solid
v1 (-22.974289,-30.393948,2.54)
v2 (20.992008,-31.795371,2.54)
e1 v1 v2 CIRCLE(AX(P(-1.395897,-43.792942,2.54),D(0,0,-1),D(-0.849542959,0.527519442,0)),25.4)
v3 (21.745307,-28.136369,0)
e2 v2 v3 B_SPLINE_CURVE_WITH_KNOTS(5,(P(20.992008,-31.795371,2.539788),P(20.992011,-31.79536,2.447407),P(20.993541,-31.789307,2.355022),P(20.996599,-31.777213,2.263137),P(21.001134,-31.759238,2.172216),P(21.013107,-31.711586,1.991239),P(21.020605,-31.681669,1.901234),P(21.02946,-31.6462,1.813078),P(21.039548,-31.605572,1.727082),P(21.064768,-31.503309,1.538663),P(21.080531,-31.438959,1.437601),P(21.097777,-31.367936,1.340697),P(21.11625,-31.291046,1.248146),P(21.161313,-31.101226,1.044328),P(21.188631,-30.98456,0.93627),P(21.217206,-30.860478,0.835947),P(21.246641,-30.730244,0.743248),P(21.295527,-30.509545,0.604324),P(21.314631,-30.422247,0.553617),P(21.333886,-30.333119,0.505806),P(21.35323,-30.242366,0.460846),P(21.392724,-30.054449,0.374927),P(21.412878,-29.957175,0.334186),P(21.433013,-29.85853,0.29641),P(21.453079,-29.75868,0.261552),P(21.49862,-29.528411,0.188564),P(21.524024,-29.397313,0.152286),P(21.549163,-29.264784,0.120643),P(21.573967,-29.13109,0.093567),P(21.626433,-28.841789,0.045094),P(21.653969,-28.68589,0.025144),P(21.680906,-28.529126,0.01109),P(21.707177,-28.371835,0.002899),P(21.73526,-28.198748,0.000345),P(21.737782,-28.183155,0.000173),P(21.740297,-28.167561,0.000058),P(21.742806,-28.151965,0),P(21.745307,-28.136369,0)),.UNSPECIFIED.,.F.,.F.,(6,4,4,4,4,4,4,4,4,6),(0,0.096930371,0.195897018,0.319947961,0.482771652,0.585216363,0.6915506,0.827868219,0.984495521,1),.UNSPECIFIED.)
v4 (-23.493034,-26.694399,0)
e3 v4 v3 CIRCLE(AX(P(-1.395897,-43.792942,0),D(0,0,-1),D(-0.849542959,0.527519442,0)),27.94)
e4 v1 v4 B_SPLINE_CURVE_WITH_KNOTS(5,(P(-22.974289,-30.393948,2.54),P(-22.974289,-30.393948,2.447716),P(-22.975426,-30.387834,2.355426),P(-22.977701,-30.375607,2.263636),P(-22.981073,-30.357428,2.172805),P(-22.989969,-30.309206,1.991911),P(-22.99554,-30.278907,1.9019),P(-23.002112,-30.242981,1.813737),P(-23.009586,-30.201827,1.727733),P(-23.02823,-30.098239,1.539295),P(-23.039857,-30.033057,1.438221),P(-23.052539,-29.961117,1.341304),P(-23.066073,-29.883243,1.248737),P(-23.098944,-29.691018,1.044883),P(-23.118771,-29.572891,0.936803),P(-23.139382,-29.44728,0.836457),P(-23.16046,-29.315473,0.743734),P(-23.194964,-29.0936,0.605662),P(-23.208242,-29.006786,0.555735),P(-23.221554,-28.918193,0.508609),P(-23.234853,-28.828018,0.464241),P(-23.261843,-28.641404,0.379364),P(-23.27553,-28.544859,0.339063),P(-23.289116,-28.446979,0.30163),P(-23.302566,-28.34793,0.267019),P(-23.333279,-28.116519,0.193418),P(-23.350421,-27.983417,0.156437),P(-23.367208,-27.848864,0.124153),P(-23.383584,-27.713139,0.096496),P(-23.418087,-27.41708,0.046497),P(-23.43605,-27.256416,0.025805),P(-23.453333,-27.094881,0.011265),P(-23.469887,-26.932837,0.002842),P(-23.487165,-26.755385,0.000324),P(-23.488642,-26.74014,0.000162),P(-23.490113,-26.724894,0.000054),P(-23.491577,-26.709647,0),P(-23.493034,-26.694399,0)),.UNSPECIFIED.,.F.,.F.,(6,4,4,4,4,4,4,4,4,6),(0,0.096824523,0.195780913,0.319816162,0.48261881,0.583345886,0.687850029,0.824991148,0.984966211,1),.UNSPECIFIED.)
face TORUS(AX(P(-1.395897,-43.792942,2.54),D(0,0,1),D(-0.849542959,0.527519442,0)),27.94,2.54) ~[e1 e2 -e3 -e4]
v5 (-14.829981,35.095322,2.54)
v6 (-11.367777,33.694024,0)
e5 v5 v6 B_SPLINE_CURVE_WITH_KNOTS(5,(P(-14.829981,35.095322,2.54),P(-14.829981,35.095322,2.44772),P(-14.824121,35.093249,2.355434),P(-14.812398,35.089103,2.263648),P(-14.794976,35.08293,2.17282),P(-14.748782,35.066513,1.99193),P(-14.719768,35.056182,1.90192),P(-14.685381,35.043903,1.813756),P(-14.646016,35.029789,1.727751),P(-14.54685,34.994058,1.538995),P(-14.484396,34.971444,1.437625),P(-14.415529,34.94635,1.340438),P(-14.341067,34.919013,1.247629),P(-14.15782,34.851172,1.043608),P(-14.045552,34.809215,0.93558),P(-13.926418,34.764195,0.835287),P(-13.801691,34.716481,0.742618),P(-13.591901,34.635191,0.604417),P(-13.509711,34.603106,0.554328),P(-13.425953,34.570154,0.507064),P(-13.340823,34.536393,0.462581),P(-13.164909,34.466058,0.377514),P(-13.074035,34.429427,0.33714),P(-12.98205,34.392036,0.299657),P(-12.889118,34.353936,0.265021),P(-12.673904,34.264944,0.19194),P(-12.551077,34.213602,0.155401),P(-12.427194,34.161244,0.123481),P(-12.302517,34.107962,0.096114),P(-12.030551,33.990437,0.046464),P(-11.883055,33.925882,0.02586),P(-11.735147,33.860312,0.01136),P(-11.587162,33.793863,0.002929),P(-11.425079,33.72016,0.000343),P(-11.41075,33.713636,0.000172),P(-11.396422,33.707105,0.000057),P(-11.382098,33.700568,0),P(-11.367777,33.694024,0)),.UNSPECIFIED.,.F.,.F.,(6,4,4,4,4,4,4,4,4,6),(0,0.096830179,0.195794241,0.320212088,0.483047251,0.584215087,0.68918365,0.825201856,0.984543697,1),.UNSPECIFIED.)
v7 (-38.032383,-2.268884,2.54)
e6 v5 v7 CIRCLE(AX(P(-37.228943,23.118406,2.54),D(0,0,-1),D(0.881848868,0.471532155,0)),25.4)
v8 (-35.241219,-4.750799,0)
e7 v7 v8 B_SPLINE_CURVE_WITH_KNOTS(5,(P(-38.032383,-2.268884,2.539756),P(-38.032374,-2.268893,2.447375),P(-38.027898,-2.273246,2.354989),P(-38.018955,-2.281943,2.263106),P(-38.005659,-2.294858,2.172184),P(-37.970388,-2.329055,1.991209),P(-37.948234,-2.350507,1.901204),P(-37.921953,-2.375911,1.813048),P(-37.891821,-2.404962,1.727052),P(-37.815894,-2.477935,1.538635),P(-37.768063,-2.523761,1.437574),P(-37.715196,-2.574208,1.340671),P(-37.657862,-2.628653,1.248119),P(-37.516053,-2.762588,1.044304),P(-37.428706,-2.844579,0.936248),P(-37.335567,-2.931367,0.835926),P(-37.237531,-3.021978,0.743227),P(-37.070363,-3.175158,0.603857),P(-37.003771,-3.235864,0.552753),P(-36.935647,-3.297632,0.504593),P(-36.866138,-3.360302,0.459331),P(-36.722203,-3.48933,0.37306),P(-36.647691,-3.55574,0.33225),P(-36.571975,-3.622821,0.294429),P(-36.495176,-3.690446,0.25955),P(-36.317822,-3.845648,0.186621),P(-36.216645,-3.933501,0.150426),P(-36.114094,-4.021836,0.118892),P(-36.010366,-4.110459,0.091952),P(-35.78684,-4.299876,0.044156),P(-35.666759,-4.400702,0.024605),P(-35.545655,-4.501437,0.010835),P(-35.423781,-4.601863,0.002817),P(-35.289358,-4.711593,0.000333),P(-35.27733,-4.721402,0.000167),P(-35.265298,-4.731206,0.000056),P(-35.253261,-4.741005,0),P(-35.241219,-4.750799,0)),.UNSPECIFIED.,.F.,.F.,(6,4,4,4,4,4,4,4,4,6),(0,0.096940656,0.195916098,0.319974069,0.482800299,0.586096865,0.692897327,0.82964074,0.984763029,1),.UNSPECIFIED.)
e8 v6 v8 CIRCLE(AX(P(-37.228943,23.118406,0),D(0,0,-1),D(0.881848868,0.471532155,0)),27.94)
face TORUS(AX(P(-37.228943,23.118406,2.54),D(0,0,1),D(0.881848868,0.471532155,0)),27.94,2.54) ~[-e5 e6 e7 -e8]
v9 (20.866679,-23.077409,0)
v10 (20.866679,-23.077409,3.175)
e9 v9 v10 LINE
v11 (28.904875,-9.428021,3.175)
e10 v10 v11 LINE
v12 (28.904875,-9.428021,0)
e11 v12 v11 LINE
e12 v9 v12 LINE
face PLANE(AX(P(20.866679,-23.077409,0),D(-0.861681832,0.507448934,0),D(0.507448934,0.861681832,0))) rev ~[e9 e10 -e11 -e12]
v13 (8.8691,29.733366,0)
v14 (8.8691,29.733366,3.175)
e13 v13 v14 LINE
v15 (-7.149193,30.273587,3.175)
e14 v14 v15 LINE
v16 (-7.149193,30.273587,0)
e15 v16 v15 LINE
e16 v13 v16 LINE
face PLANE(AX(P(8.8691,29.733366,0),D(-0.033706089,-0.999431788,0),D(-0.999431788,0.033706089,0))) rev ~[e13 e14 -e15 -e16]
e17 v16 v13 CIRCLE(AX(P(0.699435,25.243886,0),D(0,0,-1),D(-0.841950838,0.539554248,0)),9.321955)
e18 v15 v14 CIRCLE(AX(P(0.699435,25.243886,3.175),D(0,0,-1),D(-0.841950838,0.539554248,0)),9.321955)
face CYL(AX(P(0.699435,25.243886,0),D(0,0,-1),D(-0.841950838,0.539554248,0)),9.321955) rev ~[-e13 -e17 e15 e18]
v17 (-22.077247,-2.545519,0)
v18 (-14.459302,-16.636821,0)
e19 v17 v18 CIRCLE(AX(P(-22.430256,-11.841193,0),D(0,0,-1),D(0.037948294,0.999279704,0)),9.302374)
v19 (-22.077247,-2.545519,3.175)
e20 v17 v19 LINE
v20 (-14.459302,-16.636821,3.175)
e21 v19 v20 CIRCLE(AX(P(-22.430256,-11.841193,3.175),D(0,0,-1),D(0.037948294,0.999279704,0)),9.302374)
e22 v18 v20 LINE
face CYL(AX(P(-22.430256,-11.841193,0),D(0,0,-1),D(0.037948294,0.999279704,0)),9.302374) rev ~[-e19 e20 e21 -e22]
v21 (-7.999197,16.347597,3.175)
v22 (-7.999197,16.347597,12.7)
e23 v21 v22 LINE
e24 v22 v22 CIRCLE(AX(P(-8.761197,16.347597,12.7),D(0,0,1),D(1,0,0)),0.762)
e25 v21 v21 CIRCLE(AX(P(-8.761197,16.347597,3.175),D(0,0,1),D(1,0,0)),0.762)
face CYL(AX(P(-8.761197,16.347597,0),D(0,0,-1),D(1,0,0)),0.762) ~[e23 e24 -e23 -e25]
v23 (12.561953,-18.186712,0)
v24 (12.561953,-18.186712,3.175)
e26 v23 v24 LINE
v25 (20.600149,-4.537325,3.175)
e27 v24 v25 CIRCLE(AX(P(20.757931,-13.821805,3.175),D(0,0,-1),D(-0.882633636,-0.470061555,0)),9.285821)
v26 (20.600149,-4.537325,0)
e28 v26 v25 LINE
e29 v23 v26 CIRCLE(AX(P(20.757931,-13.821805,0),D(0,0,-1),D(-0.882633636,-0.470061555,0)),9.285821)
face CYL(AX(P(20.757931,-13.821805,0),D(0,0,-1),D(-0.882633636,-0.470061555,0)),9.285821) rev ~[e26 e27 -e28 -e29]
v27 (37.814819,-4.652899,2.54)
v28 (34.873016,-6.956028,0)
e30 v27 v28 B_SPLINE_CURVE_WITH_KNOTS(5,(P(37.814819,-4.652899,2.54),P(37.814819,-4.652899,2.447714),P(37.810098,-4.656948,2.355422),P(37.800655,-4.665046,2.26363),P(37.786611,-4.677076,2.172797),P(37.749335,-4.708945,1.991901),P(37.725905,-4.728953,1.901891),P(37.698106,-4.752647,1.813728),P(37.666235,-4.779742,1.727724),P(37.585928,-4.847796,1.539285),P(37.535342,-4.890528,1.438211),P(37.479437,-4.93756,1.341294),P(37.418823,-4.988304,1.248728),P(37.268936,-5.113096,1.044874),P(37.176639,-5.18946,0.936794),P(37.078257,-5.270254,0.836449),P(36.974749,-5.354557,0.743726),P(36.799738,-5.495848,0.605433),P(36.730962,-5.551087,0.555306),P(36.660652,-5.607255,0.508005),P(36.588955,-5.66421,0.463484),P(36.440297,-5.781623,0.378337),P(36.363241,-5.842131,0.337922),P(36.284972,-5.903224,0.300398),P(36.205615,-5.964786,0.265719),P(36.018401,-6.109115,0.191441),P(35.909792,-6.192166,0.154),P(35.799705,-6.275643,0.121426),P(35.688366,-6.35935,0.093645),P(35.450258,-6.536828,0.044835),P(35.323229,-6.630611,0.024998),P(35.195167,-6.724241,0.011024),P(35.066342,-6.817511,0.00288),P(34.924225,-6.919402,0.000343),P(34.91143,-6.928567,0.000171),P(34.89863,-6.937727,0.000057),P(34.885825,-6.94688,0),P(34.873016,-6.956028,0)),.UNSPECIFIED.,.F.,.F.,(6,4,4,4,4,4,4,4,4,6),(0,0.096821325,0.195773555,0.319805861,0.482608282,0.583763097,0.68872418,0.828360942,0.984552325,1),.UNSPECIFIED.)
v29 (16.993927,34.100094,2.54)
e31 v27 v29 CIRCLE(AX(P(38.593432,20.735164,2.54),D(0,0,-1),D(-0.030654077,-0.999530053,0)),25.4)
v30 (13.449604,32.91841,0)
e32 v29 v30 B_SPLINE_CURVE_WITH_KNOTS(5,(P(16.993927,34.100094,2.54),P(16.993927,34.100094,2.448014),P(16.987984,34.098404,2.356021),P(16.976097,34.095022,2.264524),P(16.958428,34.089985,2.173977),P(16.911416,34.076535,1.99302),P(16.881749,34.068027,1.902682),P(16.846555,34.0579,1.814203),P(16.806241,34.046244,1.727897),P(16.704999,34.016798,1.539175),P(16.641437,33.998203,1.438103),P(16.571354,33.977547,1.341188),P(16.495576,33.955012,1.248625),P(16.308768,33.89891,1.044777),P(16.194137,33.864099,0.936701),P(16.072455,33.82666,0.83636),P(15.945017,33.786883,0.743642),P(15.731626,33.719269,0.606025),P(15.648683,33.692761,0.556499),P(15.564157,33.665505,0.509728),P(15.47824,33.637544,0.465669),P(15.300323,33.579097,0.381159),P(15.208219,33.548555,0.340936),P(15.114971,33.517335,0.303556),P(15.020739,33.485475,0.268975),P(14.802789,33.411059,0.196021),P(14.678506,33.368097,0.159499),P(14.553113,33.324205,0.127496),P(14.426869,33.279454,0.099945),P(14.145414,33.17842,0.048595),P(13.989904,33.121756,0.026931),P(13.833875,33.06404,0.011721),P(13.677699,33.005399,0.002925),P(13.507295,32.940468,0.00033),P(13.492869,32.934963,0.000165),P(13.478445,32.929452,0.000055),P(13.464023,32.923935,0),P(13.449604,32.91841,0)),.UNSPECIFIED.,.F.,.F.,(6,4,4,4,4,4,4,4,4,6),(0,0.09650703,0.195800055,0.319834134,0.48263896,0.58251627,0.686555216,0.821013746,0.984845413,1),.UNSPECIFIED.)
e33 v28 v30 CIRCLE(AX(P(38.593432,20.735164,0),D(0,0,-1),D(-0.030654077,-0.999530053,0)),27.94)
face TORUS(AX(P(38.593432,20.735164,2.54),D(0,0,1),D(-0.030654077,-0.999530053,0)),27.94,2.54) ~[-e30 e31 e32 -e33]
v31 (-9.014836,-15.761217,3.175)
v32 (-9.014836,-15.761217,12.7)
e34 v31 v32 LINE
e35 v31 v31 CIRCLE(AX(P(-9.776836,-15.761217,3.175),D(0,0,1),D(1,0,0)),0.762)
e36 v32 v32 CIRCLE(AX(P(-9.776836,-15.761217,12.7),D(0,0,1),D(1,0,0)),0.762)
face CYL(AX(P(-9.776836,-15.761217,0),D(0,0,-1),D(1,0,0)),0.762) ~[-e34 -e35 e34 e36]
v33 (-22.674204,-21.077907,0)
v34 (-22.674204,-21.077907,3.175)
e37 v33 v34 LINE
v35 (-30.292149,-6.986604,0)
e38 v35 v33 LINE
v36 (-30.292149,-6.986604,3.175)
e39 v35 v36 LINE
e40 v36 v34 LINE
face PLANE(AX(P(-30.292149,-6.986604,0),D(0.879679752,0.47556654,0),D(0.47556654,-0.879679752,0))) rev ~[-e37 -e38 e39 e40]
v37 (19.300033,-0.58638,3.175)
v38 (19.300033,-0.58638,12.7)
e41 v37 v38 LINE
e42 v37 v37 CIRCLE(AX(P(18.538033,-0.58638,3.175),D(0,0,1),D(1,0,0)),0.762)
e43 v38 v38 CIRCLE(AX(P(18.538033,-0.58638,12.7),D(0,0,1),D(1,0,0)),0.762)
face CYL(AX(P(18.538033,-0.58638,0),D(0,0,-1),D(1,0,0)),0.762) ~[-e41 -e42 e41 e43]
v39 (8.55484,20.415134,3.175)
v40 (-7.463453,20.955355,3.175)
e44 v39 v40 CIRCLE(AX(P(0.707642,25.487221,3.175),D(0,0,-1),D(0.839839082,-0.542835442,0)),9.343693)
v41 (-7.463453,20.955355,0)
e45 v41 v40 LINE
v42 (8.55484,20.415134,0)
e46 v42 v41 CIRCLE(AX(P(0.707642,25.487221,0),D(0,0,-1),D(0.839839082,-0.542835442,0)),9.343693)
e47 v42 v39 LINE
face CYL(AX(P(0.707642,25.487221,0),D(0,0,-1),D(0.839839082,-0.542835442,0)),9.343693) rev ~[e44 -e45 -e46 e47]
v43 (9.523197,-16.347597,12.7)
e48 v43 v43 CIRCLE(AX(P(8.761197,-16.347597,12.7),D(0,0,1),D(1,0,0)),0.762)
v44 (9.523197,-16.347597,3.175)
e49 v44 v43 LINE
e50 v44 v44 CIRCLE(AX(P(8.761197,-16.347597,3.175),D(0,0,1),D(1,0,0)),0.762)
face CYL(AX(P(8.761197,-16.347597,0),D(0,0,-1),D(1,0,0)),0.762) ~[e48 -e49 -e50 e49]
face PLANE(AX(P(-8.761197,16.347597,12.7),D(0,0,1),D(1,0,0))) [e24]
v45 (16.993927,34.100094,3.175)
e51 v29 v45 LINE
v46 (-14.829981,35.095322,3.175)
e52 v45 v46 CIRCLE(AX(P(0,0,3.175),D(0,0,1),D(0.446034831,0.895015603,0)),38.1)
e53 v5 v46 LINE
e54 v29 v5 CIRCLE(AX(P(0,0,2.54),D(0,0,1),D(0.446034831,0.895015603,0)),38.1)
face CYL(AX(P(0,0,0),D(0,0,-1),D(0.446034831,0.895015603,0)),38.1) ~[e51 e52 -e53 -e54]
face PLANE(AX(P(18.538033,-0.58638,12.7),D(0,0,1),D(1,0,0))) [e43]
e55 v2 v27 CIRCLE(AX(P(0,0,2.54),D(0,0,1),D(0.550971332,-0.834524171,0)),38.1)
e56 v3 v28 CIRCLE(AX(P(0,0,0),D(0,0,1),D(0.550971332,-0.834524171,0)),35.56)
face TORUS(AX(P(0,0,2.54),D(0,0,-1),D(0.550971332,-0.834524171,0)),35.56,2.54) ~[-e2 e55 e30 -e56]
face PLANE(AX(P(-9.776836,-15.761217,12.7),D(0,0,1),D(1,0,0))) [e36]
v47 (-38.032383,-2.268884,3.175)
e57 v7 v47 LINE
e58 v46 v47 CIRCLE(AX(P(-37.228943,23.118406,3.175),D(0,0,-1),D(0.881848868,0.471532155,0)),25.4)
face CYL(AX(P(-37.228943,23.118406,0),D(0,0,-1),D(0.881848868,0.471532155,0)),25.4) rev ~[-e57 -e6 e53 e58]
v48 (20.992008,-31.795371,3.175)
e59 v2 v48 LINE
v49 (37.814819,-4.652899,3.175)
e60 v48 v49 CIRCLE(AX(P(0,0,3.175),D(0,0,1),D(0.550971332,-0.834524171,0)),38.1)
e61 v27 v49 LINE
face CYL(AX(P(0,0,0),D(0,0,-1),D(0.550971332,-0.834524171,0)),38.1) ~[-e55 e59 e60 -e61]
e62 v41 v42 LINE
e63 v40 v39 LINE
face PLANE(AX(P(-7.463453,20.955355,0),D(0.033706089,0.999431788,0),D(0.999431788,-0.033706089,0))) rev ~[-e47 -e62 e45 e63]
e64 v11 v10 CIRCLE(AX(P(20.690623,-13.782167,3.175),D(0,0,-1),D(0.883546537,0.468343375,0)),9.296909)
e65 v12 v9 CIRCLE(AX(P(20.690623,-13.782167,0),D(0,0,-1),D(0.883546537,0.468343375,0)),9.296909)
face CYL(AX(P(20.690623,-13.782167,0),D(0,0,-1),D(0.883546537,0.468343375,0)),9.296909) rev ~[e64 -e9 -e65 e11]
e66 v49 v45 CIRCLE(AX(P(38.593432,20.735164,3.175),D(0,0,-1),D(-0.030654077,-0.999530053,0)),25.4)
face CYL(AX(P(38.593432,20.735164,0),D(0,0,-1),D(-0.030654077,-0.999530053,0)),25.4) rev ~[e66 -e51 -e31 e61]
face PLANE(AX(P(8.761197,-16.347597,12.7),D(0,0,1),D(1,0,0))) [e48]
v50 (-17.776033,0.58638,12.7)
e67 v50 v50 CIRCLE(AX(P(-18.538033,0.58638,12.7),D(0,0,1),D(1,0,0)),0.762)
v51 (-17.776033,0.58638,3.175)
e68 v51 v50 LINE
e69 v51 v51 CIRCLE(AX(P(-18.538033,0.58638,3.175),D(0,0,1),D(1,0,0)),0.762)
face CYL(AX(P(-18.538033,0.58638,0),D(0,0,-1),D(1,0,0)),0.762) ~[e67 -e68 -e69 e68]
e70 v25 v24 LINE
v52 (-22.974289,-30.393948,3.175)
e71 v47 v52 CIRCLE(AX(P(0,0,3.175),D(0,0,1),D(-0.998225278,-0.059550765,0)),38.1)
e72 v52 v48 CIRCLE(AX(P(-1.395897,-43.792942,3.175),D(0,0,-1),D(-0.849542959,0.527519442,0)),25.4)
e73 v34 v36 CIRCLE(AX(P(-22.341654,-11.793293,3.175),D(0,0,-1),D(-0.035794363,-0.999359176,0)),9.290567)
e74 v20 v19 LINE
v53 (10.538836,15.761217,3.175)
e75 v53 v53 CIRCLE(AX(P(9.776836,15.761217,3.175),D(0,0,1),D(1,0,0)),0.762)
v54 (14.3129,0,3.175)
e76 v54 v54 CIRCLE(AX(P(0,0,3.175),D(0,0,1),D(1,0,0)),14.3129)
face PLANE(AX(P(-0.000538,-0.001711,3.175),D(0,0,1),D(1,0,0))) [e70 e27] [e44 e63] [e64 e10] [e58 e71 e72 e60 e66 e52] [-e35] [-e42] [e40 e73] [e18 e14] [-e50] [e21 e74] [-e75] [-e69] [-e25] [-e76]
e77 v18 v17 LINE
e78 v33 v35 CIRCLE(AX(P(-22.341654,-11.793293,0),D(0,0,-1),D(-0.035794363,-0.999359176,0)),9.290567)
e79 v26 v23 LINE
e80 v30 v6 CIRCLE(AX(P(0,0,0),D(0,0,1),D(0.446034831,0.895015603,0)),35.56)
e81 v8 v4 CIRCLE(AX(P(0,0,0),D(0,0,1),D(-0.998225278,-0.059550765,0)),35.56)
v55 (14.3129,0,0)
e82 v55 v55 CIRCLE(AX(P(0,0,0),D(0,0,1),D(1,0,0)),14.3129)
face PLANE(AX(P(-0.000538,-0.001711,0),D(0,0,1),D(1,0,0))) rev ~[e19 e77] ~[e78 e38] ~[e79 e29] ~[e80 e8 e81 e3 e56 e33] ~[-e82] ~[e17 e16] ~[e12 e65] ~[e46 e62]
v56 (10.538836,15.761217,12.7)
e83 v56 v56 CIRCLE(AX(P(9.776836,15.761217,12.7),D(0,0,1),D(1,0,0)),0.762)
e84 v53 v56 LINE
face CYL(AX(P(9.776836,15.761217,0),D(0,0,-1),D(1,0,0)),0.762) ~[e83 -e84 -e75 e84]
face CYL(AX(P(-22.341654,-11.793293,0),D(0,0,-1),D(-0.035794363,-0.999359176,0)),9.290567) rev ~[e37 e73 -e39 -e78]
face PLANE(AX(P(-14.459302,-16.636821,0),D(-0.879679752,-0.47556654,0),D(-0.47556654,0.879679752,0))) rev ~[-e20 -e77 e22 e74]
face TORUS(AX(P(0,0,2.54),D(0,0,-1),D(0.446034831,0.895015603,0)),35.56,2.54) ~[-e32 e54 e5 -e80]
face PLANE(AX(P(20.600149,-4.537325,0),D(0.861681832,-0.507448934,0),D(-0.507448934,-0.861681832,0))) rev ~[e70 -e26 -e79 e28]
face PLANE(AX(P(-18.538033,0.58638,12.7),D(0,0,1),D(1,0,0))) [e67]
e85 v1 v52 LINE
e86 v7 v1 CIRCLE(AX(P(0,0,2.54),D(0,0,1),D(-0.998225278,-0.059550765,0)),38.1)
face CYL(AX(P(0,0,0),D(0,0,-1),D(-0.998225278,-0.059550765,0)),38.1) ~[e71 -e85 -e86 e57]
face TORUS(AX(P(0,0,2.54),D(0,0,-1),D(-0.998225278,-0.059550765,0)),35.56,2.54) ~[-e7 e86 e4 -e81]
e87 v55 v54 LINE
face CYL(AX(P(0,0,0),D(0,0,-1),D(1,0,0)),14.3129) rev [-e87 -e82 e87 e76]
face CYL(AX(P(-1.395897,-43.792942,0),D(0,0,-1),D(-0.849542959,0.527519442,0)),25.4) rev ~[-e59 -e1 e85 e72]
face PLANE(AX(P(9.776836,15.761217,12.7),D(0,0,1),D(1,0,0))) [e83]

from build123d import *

# Parameters (mm, degrees)
F0_R     = 0.762
F0_R_2   = 14.3129
F1_DEPTH = 3.175
F2_R     = 2.54
F3_DEPTH = 12.7


with BuildPart() as f1:
    # F0 (on Top) → F1 (new body)
    with BuildSketch(Plane.XY):
        with BuildLine():
            ThreePointArc((37.814818885, -4.6528993857), (16.2183640692, 8.713670097), (16.9939270688, 34.1000944688))
            ThreePointArc((16.9939270688, 34.1000944688), (1.1909176957, 38.0813827879), (-14.8299813197, 35.0953223957))
            ThreePointArc((-14.8299813197, 35.0953223957), (-15.6508840085, 9.7188762367), (-38.0323831061, -2.2688841474))
            ThreePointArc((-38.0323831061, -2.2688841474), (-33.5888120947, -17.9833729335), (-22.9742885145, -30.3939478721))
            ThreePointArc((-22.9742885145, -30.3939478721), (-0.5866848831, -18.4058352173), (20.9920077442, -31.7953709031))
            ThreePointArc((20.9920077442, -31.7953709031), (32.3842423806, -20.0716428185), (37.814818885, -4.6528993857))
        make_face()
        with BuildLine():
            ThreePointArc((-22.6742041591, -21.077906737), (-30.5143778905, -16.2115761649), (-30.2921493088, -6.9866039788))
            Line((-30.2921493088, -6.9866039788), (-22.6742041591, -21.077906737))
        make_face(mode=Mode.SUBTRACT)
        with Locations((-9.7768361415, -15.7612173143)):
            Circle(F0_R, mode=Mode.SUBTRACT)
        with BuildLine():
            ThreePointArc((-22.077246757, -2.5455187134), (-14.2471455868, -7.4172946457), (-14.4593016073, -16.6368214716))
            Line((-14.4593016073, -16.6368214716), (-22.077246757, -2.5455187134))
        make_face(mode=Mode.SUBTRACT)
        with Locations((8.761196518, -16.3475971243)):
            Circle(F0_R, mode=Mode.SUBTRACT)
        with BuildLine():
            ThreePointArc((12.5619529023, -18.1867123268), (12.756507598, -9.1097250706), (20.6001486004, -4.5373247159))
            Line((20.6001486004, -4.5373247159), (12.5619529023, -18.1867123268))
        make_face(mode=Mode.SUBTRACT)
        with Locations((18.5380326595, -0.58637981)):
            Circle(F0_R, mode=Mode.SUBTRACT)
        with BuildLine():
            Line((20.8666791326, -23.0774090058), (28.9048748307, -9.4280213948))
            ThreePointArc((28.9048748307, -9.4280213948), (28.7016006579, -18.4998737054), (20.8666791326, -23.0774090058))
        make_face(mode=Mode.SUBTRACT)
        with Locations((-18.5380326595, 0.58637981)):
            Circle(F0_R, mode=Mode.SUBTRACT)
        with Locations((-8.761196518, 16.3475971243)):
            Circle(F0_R, mode=Mode.SUBTRACT)
        Circle(F0_R_2, mode=Mode.SUBTRACT)
        with BuildLine():
            ThreePointArc((8.554840384, 20.4151336434), (0.3927024044, 16.1488375122), (-7.4634526605, 20.9553546163))
            Line((-7.4634526605, 20.9553546163), (8.554840384, 20.4151336434))
        make_face(mode=Mode.SUBTRACT)
        with Locations((9.7768361415, 15.7612173143)):
            Circle(F0_R, mode=Mode.SUBTRACT)
        with BuildLine():
            Line((8.86910012, 29.7333659897), (-7.1491929245, 30.2735869625))
            ThreePointArc((-7.1491929245, 30.2735869625), (1.0136418787, 34.5605448721), (8.86910012, 29.7333659897))
        make_face(mode=Mode.SUBTRACT)
    extrude(amount=F1_DEPTH)

    # F2
    f2_edges = [f1.edges().sort_by_distance(p)[0] for p in [
        (-15.650884, 9.718876, 0),
        (1.190918, 38.081383, 0),
        (-0.586685, -18.405835, 0),
        (32.384242, -20.071643, 0),
        (16.218364, 8.71367, 0),
        (-33.588812, -17.983373, 0),
    ]]
    fillet(f2_edges, radius=F2_R)

    # F0 (on Top) → F3 (join)
    with BuildSketch(Plane.XY):
        with Locations((-8.761196518, 16.3475971243)):
            Circle(F0_R)
        with Locations((-18.5380326595, 0.58637981)):
            Circle(F0_R)
        with Locations((-9.7768361415, -15.7612173143)):
            Circle(F0_R)
        with Locations((8.761196518, -16.3475971243)):
            Circle(F0_R)
        with Locations((18.5380326595, -0.58637981)):
            Circle(F0_R)
        with Locations((9.7768361415, 15.7612173143)):
            Circle(F0_R)
    extrude(amount=F3_DEPTH)


solid = f1.part
